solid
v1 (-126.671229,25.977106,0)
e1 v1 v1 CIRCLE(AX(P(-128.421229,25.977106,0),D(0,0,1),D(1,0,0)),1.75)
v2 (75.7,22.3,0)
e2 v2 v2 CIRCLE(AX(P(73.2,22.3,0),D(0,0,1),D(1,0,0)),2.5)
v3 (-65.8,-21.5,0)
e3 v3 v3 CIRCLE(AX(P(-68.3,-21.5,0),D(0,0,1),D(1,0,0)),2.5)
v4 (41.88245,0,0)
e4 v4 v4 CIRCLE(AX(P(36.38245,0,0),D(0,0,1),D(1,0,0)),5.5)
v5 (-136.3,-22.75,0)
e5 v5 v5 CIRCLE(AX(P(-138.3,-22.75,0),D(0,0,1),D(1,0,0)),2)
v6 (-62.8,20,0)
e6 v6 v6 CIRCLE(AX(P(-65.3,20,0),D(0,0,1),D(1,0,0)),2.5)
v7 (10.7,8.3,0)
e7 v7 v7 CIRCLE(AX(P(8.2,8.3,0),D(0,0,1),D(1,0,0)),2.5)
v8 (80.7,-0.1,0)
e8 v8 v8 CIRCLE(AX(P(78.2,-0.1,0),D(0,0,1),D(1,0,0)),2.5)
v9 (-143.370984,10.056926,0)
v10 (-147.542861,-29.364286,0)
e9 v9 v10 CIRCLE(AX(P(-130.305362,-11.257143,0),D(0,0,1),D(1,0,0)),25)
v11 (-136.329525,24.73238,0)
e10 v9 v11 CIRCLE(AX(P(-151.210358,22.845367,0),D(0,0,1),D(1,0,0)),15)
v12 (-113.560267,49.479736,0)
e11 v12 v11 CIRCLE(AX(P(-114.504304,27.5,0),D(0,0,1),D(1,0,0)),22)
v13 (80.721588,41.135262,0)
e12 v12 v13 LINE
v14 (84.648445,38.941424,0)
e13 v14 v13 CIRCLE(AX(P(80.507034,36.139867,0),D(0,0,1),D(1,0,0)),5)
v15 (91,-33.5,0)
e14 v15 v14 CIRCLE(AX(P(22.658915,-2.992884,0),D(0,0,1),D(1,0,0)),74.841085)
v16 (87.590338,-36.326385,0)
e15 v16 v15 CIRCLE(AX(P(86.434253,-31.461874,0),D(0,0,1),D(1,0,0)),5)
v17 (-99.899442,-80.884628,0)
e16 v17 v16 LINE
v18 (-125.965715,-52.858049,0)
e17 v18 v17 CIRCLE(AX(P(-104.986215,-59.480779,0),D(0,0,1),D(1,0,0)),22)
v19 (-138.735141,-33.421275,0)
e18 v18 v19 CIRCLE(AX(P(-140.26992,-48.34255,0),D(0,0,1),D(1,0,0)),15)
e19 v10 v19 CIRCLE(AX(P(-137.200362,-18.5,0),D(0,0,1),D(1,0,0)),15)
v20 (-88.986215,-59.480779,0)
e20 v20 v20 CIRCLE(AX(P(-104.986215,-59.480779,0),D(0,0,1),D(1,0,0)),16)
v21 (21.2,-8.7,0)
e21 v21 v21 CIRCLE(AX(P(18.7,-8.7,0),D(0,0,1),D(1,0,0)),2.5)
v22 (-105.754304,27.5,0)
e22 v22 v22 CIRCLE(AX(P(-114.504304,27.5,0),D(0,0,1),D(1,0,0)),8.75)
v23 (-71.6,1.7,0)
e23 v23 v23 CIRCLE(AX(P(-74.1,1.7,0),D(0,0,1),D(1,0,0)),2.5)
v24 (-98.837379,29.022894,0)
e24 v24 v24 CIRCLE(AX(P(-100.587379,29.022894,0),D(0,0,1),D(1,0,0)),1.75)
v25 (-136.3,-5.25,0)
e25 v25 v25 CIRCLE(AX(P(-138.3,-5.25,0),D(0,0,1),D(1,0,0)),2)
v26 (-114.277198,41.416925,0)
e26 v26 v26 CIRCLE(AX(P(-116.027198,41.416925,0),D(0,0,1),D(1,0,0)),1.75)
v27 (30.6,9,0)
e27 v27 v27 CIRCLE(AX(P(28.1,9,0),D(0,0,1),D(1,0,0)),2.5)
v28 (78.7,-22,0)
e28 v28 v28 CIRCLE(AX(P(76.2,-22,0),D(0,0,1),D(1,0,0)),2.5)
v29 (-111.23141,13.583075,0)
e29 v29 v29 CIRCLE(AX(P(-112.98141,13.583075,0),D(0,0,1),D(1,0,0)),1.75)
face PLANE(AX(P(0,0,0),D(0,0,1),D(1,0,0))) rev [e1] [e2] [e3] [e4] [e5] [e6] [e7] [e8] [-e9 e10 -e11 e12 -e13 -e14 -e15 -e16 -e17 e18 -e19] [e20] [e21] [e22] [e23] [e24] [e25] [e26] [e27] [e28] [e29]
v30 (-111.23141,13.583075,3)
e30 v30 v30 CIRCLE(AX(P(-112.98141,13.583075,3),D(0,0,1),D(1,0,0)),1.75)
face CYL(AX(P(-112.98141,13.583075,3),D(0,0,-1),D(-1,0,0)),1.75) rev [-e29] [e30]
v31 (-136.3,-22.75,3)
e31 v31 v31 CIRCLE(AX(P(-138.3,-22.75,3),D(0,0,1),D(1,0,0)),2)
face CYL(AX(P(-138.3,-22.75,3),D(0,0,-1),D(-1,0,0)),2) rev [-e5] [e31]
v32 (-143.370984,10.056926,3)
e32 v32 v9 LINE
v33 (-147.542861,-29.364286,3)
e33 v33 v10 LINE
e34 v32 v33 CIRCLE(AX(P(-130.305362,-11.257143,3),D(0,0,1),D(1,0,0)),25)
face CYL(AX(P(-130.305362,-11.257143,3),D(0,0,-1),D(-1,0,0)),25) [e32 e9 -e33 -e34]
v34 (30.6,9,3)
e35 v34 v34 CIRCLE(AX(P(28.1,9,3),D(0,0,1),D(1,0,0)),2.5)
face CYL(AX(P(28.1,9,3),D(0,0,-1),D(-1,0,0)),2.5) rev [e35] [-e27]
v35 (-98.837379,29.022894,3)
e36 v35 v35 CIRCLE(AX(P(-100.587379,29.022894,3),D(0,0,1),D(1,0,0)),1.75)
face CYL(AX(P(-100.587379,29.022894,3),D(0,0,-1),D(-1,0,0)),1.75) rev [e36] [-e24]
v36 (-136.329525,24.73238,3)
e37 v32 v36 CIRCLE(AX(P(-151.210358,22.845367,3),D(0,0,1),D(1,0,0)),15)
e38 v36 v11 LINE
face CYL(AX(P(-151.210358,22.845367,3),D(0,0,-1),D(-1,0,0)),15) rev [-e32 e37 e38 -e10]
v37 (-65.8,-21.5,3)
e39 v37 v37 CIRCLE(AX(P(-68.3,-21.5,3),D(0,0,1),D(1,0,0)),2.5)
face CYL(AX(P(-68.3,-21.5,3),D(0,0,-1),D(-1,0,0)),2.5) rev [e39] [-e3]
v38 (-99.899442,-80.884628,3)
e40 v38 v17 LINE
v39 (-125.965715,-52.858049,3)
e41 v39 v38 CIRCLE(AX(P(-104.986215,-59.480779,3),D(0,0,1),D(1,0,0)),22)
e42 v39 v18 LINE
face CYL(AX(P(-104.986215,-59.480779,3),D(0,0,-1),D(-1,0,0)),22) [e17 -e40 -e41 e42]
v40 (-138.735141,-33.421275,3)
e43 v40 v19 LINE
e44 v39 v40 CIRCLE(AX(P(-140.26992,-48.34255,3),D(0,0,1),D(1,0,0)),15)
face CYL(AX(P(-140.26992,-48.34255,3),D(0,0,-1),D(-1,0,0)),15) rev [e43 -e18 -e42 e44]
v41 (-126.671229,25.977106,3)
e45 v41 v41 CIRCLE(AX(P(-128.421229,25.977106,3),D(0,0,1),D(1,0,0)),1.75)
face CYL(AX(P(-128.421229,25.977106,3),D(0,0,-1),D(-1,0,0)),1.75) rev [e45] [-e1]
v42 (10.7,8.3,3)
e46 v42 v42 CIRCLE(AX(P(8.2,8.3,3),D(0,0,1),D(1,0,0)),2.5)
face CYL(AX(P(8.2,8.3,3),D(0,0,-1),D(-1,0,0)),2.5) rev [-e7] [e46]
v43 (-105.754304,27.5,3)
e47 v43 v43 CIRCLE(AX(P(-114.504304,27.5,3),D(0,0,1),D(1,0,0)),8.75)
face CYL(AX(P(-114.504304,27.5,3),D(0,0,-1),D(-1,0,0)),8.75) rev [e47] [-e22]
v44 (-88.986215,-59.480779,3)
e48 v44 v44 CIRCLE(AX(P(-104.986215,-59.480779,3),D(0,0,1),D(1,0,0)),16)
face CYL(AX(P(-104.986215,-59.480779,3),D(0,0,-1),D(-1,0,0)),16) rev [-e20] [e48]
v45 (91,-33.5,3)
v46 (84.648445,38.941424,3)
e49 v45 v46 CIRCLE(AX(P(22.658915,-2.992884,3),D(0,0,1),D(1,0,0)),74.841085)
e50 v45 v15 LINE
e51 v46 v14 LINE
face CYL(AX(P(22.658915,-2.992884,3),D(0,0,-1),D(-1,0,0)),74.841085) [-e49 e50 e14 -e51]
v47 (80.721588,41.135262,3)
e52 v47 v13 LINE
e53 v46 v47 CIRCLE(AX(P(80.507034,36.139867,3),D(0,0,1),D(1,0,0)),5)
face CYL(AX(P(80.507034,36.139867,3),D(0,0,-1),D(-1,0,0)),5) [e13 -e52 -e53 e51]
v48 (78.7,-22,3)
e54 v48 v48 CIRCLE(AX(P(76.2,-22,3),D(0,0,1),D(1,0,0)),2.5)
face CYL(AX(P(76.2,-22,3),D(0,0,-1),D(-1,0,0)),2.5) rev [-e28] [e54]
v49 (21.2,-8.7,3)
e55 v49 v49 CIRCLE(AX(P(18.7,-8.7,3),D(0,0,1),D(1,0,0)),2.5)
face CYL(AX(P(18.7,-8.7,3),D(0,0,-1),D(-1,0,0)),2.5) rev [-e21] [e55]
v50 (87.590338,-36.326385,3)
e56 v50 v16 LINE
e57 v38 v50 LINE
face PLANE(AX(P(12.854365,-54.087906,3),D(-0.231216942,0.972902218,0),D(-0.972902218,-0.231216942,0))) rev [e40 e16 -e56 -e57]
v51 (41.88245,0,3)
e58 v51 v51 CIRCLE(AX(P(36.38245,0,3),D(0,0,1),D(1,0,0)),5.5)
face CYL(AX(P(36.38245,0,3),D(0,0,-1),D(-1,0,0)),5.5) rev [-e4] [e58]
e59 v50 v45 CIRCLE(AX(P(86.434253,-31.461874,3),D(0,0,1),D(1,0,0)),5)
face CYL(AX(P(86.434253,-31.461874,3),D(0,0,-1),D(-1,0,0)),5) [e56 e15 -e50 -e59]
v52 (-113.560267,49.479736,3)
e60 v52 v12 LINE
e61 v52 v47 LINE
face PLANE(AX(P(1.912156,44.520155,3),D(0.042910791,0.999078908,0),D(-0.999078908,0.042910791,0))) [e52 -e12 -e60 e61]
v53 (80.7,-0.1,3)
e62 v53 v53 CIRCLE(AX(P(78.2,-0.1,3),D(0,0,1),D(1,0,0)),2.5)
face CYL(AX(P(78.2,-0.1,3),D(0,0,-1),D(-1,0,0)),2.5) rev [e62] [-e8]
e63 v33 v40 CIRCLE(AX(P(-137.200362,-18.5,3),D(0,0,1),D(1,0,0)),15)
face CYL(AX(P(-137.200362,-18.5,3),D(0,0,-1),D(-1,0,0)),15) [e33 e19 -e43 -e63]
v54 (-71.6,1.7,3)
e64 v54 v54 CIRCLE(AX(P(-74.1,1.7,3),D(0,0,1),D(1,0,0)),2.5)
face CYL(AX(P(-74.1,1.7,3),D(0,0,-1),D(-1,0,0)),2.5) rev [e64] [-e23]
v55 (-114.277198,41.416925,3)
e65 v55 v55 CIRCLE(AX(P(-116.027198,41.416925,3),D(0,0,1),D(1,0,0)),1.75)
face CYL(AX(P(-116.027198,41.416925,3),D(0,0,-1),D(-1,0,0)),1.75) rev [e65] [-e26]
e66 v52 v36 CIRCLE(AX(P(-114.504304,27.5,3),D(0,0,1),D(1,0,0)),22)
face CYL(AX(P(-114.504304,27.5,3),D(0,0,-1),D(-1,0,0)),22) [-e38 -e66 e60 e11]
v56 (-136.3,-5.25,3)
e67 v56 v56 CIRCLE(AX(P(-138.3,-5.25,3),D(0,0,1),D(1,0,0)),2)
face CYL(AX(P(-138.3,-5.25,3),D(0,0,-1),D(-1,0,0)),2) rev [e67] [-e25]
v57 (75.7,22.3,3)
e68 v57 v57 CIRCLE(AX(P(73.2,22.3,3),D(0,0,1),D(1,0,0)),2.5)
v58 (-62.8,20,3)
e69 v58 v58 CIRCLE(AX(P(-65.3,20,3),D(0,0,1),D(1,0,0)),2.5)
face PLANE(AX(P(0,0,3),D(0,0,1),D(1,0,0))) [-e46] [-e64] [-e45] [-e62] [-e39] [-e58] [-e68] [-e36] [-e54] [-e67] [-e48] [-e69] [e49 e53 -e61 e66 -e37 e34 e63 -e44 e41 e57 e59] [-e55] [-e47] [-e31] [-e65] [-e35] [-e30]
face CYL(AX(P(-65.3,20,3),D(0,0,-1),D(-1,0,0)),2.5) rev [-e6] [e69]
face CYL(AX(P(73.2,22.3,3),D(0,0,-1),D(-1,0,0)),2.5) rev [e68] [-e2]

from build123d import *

# Parameters (mm, degrees)
SKETCH1_R           = 2
SKETCH1_R_2         = 2.5
SKETCH1_R_3         = 5.5
SKETCH1_R_4         = 1.75
SKETCH1_R_5         = 8.75
SKETCH1_R_6         = 16
BOSS_EXTRUDE1_DEPTH = 3


with BuildPart() as part:
    # Sketch1 → Boss-Extrude1 (new body)
    with BuildSketch(Plane.XY):
        with BuildLine():
            ThreePointArc((-113.560266524, 49.479735972), (-130.694234864, 42.395842918), (-136.329525131, 24.732380193))
            ThreePointArc((-136.329525131, 24.732380193), (-137.686520221, 16.356467092), (-143.370984404, 10.056925608))
            ThreePointArc((-143.370984404, 10.056925608), (-155.166532009, -8.626129333), (-147.542861296, -29.364285714))
            ThreePointArc((-147.542861296, -29.364285714), (-143.475887893, -32.124161339), (-138.735140925, -33.421275181))
            ThreePointArc((-138.735140925, -33.421275181), (-127.733357788, -40.106373668), (-125.965715234, -52.858048609))
            ThreePointArc((-125.965715234, -52.858048609), (-121.095745986, -74.463536322), (-99.899442585, -80.88462828))
            Line((-99.899442585, -80.88462828), (87.590338172, -36.326384859))
            ThreePointArc((87.590338172, -36.326384859), (89.625170423, -35.311295666), (91, -33.5))
            ThreePointArc((91, -33.5), (97.213976906, 3.543991621), (84.648444567, 38.941424032))
            ThreePointArc((84.648444567, 38.941424032), (82.945648013, 40.504860181), (80.721588123, 41.135261877))
            Line((80.721588123, 41.135261877), (-113.560266524, 49.479735972))
        make_face()
        with Locations((-138.3, -22.75)):
            Circle(SKETCH1_R, mode=Mode.SUBTRACT)
        with Locations((-68.3, -21.5)):
            Circle(SKETCH1_R_2, mode=Mode.SUBTRACT)
        with Locations((-138.3, -5.25)):
            Circle(SKETCH1_R, mode=Mode.SUBTRACT)
        with Locations((-74.1, 1.7)):
            Circle(SKETCH1_R_2, mode=Mode.SUBTRACT)
        with Locations((18.7, -8.7)):
            Circle(SKETCH1_R_2, mode=Mode.SUBTRACT)
        with Locations((76.2, -22)):
            Circle(SKETCH1_R_2, mode=Mode.SUBTRACT)
        with Locations((8.2, 8.3)):
            Circle(SKETCH1_R_2, mode=Mode.SUBTRACT)
        with Locations((36.382449965, 0)):
            Circle(SKETCH1_R_3, mode=Mode.SUBTRACT)
        with Locations((78.2, -0.1)):
            Circle(SKETCH1_R_2, mode=Mode.SUBTRACT)
        with Locations((28.1, 9)):
            Circle(SKETCH1_R_2, mode=Mode.SUBTRACT)
        with Locations((-112.981409671, 13.583075301)):
            Circle(SKETCH1_R_4, mode=Mode.SUBTRACT)
        with Locations((-128.421228626, 25.977105744)):
            Circle(SKETCH1_R_4, mode=Mode.SUBTRACT)
        with Locations((-65.3, 20)):
            Circle(SKETCH1_R_2, mode=Mode.SUBTRACT)
        with Locations((-114.504303927, 27.5)):
            Circle(SKETCH1_R_5, mode=Mode.SUBTRACT)
        with Locations((-100.587379227, 29.022894256)):
            Circle(SKETCH1_R_4, mode=Mode.SUBTRACT)
        with Locations((-116.027198182, 41.416924699)):
            Circle(SKETCH1_R_4, mode=Mode.SUBTRACT)
        with Locations((73.2, 22.3)):
            Circle(SKETCH1_R_2, mode=Mode.SUBTRACT)
        with Locations((-104.986214828, -59.480779371)):
            Circle(SKETCH1_R_6, mode=Mode.SUBTRACT)
    extrude(amount=BOSS_EXTRUDE1_DEPTH)


solid = part.part
